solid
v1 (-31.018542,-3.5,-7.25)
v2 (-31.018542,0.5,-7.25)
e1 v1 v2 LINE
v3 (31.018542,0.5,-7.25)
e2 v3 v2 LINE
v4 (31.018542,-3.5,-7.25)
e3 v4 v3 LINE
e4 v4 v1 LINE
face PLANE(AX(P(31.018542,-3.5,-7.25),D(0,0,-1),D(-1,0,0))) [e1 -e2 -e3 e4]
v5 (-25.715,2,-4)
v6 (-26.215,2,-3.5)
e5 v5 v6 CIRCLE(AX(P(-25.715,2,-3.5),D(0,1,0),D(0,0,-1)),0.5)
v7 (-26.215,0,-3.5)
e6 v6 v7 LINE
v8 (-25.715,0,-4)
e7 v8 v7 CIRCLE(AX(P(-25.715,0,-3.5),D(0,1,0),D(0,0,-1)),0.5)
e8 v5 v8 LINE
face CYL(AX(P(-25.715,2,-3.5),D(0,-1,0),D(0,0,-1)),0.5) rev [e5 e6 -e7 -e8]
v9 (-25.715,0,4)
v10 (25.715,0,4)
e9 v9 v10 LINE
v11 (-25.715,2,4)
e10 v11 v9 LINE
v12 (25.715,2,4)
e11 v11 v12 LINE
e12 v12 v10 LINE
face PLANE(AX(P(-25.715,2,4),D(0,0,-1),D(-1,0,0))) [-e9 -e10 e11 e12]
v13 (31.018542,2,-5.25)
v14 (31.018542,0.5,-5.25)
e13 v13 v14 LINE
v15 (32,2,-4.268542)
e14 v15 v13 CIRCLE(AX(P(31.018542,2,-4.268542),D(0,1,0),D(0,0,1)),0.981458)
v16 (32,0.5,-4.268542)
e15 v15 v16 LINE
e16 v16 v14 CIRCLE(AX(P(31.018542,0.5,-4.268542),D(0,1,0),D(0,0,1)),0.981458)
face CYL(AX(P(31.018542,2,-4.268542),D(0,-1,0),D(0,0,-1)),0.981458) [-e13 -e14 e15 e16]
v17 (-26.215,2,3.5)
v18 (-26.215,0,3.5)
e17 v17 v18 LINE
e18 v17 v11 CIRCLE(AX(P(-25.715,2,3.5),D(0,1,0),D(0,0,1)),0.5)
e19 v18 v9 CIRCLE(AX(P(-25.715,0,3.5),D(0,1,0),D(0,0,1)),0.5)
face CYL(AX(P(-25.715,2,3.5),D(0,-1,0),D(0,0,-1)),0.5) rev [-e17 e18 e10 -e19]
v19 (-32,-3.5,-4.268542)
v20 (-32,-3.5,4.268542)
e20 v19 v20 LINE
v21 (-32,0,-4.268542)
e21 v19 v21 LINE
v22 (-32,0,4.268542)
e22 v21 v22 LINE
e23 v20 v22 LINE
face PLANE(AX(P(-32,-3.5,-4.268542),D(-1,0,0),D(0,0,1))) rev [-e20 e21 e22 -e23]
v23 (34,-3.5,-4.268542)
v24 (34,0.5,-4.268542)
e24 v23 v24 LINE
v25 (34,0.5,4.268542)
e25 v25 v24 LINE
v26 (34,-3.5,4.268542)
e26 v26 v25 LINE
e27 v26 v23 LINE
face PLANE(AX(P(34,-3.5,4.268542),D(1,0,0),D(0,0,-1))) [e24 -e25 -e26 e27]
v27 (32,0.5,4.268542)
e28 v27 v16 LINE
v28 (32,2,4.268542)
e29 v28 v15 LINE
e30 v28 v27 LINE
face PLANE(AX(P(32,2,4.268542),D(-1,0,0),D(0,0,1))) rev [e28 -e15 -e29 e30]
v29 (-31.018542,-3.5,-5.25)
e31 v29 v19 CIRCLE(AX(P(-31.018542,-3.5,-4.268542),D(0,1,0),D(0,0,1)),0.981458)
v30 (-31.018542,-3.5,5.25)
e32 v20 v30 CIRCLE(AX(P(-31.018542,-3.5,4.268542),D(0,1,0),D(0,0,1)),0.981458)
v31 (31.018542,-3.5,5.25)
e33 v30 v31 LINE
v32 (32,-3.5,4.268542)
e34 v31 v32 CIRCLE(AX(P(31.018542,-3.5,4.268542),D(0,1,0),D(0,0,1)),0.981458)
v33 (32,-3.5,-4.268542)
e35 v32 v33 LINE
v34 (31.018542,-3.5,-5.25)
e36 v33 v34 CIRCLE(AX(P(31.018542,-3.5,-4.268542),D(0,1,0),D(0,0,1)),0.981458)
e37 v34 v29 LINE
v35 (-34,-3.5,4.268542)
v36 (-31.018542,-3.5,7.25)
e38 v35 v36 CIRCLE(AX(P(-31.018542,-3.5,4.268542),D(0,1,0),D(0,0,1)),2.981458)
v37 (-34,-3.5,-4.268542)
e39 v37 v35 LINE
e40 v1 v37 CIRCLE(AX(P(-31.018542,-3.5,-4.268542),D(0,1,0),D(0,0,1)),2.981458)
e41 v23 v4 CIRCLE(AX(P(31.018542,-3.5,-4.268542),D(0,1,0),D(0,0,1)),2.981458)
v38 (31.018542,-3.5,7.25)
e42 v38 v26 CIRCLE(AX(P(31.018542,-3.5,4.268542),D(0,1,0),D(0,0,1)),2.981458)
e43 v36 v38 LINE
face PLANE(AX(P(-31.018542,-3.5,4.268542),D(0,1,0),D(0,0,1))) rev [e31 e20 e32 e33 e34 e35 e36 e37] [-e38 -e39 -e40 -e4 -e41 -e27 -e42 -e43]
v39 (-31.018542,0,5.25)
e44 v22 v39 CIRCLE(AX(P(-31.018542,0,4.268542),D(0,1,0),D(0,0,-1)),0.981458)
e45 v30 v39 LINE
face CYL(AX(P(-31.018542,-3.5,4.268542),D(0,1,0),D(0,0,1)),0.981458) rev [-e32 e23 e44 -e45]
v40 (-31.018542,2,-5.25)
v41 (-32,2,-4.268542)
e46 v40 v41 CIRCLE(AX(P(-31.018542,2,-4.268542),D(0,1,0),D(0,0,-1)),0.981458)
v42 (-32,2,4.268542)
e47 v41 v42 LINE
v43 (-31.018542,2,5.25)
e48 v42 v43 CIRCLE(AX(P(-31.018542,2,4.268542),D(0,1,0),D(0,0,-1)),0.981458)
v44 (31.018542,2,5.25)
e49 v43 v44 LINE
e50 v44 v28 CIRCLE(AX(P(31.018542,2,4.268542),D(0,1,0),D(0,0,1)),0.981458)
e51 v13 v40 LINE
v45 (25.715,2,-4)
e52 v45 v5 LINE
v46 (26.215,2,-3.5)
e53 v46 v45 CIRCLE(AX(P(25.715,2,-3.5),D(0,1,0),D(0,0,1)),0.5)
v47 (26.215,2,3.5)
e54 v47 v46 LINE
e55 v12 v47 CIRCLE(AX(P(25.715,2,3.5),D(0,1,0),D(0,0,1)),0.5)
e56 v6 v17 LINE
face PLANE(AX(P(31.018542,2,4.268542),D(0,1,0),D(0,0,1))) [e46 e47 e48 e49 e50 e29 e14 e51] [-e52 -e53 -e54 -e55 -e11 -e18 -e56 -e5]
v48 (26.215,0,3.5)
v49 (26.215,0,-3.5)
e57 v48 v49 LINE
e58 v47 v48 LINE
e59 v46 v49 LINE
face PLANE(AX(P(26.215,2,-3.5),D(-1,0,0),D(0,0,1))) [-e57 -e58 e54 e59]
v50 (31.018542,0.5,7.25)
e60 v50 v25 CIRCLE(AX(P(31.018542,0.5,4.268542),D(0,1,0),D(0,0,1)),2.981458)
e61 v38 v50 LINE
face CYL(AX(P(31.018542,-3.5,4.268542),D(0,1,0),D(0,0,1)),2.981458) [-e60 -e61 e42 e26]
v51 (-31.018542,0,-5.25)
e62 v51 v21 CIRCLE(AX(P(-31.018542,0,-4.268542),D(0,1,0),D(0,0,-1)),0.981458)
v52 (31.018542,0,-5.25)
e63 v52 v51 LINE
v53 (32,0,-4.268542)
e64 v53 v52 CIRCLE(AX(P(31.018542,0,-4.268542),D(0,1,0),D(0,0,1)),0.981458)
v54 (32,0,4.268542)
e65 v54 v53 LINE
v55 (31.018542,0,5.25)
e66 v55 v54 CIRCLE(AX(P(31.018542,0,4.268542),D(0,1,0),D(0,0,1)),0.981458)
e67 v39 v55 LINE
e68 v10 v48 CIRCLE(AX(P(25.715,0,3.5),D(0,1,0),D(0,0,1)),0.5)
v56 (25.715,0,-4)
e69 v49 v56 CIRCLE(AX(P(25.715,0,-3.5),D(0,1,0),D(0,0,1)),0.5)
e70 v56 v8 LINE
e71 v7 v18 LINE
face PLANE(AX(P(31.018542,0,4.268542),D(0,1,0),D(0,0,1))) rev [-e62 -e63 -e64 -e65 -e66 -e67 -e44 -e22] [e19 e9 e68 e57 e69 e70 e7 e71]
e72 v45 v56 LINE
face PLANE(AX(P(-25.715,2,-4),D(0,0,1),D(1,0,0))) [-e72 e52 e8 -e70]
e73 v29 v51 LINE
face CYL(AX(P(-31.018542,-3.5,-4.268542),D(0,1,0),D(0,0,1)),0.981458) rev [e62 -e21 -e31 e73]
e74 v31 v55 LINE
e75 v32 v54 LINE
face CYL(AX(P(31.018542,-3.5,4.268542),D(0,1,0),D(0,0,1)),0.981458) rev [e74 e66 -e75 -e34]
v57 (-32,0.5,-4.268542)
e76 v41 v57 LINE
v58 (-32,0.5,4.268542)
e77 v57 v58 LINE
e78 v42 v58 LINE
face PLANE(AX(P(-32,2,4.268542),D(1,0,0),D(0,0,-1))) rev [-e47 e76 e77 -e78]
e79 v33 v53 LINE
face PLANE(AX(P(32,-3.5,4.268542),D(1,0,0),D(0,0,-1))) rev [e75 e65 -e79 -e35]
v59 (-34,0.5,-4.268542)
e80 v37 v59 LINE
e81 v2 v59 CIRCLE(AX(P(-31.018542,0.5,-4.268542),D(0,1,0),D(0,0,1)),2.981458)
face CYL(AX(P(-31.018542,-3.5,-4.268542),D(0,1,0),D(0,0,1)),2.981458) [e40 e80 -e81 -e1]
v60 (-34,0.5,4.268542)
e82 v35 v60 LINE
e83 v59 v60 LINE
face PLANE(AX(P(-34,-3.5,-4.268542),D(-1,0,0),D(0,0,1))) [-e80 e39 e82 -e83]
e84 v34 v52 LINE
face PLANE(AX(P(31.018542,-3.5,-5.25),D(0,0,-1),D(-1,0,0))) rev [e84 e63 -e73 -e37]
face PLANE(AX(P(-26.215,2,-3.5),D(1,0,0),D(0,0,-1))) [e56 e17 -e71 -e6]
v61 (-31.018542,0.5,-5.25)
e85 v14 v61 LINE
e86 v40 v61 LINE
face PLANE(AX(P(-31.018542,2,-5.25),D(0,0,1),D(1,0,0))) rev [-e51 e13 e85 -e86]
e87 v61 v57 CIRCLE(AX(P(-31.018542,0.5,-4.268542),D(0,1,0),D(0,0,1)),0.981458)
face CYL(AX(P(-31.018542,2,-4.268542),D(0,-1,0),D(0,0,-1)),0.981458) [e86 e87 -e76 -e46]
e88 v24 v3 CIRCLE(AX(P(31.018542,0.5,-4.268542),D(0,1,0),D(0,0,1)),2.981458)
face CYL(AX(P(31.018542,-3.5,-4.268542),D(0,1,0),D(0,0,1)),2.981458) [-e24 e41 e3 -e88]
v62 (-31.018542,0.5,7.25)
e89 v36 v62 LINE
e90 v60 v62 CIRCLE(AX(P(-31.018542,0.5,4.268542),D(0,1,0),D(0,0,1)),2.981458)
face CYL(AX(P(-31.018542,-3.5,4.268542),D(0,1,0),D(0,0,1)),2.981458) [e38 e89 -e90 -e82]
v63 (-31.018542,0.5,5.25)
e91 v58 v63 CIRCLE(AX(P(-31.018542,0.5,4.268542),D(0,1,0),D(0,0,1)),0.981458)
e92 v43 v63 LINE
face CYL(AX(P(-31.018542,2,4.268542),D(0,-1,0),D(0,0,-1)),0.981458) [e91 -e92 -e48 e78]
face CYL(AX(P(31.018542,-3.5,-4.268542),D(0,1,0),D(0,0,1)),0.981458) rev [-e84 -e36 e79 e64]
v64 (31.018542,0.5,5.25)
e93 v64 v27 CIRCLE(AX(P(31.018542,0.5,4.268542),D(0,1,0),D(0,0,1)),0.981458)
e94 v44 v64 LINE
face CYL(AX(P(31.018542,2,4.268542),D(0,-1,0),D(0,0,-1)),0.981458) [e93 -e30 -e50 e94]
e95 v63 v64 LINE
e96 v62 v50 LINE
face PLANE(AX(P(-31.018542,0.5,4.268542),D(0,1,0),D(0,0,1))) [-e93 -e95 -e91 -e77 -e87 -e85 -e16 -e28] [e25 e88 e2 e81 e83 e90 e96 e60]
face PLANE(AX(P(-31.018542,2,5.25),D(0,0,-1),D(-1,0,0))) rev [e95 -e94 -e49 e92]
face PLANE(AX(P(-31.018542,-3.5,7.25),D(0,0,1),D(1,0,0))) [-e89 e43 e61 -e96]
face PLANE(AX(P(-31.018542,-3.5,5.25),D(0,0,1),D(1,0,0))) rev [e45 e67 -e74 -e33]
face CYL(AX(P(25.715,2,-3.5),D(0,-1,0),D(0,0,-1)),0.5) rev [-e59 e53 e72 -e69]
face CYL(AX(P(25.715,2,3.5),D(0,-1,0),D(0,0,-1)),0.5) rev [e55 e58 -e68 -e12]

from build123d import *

# Parameters (mm, degrees)
BOSS_EXTRUDE1_DEPTH = 2
BOSS_EXTRUDE2_START = 0.5
BOSS_EXTRUDE2_DEPTH = 4


with BuildPart() as part:
    # Sketch1 → Boss-Extrude1 (new body)
    with BuildSketch(Plane(origin=(0, 0, 0), x_dir=(1, 0, 0), z_dir=(0, 1, 0))):
        with BuildLine():
            Line((-31.018542474, -5.25), (31.018542474, -5.25))
            ThreePointArc((31.018542474, -5.25), (31.712537746, -4.962537746), (32, -4.268542474))
            Line((32, -4.268542474), (32, 4.268542474))
            ThreePointArc((32, 4.268542474), (31.712537746, 4.962537746), (31.018542474, 5.25))
            Line((31.018542474, 5.25), (-31.018542474, 5.25))
            ThreePointArc((-31.018542474, 5.25), (-31.712537746, 4.962537746), (-32, 4.268542474))
            Line((-32, 4.268542474), (-32, -4.268542474))
            ThreePointArc((-32, -4.268542474), (-31.712537746, -4.962537746), (-31.018542474, -5.25))
        make_face()
        with BuildLine():
            Line((-26.215, 3.50000032), (-26.215, -3.50000032))
            ThreePointArc((-26.215, -3.50000032), (-26.068553391, -3.853553711), (-25.715, -4.00000032))
            Line((-25.715, -4.00000032), (25.715, -4.00000032))
            ThreePointArc((25.715, -4.00000032), (26.068553391, -3.853553711), (26.215, -3.50000032))
            Line((26.215, -3.50000032), (26.215, 3.50000032))
            ThreePointArc((26.215, 3.50000032), (26.068553391, 3.853553711), (25.715, 4.00000032))
            Line((25.715, 4.00000032), (-25.715, 4.00000032))
            ThreePointArc((-25.715, 4.00000032), (-26.068553391, 3.853553711), (-26.215, 3.50000032))
        make_face(mode=Mode.SUBTRACT)
    extrude(amount=BOSS_EXTRUDE1_DEPTH)

    # Sketch2 → Boss-Extrude2 (add)
    with BuildSketch(Plane(origin=(0, 0, 0), x_dir=(1, 0, 0), z_dir=(0, 1, 0)).offset(BOSS_EXTRUDE2_START)):
        with BuildLine():
            Line((-31.018542474, -7.25), (31.018542474, -7.25))
            ThreePointArc((31.018542474, -7.25), (33.126751308, -6.376751308), (34, -4.268542474))
            Line((34, -4.268542474), (34, 4.268542474))
            ThreePointArc((34, 4.268542474), (33.126751308, 6.376751308), (31.018542474, 7.25))
            Line((31.018542474, 7.25), (-31.018542474, 7.25))
            ThreePointArc((-31.018542474, 7.25), (-33.126751308, 6.376751308), (-34, 4.268542474))
            Line((-34, 4.268542474), (-34, -4.268542474))
            ThreePointArc((-34, -4.268542474), (-33.126751308, -6.376751308), (-31.018542474, -7.25))
        make_face()
        with BuildLine():
            Line((-31.018542474, -5.25), (31.018542474, -5.25))
            ThreePointArc((31.018542474, -5.25), (31.712537746, -4.962537746), (32, -4.268542474))
            Line((32, -4.268542474), (32, 4.268542474))
            ThreePointArc((32, 4.268542474), (31.712537746, 4.962537746), (31.018542474, 5.25))
            Line((31.018542474, 5.25), (-31.018542474, 5.25))
            ThreePointArc((-31.018542474, 5.25), (-31.712537746, 4.962537746), (-32, 4.268542474))
            Line((-32, 4.268542474), (-32, -4.268542474))
            ThreePointArc((-32, -4.268542474), (-31.712537746, -4.962537746), (-31.018542474, -5.25))
        make_face(mode=Mode.SUBTRACT)
    extrude(amount=-BOSS_EXTRUDE2_DEPTH)


solid = part.part
